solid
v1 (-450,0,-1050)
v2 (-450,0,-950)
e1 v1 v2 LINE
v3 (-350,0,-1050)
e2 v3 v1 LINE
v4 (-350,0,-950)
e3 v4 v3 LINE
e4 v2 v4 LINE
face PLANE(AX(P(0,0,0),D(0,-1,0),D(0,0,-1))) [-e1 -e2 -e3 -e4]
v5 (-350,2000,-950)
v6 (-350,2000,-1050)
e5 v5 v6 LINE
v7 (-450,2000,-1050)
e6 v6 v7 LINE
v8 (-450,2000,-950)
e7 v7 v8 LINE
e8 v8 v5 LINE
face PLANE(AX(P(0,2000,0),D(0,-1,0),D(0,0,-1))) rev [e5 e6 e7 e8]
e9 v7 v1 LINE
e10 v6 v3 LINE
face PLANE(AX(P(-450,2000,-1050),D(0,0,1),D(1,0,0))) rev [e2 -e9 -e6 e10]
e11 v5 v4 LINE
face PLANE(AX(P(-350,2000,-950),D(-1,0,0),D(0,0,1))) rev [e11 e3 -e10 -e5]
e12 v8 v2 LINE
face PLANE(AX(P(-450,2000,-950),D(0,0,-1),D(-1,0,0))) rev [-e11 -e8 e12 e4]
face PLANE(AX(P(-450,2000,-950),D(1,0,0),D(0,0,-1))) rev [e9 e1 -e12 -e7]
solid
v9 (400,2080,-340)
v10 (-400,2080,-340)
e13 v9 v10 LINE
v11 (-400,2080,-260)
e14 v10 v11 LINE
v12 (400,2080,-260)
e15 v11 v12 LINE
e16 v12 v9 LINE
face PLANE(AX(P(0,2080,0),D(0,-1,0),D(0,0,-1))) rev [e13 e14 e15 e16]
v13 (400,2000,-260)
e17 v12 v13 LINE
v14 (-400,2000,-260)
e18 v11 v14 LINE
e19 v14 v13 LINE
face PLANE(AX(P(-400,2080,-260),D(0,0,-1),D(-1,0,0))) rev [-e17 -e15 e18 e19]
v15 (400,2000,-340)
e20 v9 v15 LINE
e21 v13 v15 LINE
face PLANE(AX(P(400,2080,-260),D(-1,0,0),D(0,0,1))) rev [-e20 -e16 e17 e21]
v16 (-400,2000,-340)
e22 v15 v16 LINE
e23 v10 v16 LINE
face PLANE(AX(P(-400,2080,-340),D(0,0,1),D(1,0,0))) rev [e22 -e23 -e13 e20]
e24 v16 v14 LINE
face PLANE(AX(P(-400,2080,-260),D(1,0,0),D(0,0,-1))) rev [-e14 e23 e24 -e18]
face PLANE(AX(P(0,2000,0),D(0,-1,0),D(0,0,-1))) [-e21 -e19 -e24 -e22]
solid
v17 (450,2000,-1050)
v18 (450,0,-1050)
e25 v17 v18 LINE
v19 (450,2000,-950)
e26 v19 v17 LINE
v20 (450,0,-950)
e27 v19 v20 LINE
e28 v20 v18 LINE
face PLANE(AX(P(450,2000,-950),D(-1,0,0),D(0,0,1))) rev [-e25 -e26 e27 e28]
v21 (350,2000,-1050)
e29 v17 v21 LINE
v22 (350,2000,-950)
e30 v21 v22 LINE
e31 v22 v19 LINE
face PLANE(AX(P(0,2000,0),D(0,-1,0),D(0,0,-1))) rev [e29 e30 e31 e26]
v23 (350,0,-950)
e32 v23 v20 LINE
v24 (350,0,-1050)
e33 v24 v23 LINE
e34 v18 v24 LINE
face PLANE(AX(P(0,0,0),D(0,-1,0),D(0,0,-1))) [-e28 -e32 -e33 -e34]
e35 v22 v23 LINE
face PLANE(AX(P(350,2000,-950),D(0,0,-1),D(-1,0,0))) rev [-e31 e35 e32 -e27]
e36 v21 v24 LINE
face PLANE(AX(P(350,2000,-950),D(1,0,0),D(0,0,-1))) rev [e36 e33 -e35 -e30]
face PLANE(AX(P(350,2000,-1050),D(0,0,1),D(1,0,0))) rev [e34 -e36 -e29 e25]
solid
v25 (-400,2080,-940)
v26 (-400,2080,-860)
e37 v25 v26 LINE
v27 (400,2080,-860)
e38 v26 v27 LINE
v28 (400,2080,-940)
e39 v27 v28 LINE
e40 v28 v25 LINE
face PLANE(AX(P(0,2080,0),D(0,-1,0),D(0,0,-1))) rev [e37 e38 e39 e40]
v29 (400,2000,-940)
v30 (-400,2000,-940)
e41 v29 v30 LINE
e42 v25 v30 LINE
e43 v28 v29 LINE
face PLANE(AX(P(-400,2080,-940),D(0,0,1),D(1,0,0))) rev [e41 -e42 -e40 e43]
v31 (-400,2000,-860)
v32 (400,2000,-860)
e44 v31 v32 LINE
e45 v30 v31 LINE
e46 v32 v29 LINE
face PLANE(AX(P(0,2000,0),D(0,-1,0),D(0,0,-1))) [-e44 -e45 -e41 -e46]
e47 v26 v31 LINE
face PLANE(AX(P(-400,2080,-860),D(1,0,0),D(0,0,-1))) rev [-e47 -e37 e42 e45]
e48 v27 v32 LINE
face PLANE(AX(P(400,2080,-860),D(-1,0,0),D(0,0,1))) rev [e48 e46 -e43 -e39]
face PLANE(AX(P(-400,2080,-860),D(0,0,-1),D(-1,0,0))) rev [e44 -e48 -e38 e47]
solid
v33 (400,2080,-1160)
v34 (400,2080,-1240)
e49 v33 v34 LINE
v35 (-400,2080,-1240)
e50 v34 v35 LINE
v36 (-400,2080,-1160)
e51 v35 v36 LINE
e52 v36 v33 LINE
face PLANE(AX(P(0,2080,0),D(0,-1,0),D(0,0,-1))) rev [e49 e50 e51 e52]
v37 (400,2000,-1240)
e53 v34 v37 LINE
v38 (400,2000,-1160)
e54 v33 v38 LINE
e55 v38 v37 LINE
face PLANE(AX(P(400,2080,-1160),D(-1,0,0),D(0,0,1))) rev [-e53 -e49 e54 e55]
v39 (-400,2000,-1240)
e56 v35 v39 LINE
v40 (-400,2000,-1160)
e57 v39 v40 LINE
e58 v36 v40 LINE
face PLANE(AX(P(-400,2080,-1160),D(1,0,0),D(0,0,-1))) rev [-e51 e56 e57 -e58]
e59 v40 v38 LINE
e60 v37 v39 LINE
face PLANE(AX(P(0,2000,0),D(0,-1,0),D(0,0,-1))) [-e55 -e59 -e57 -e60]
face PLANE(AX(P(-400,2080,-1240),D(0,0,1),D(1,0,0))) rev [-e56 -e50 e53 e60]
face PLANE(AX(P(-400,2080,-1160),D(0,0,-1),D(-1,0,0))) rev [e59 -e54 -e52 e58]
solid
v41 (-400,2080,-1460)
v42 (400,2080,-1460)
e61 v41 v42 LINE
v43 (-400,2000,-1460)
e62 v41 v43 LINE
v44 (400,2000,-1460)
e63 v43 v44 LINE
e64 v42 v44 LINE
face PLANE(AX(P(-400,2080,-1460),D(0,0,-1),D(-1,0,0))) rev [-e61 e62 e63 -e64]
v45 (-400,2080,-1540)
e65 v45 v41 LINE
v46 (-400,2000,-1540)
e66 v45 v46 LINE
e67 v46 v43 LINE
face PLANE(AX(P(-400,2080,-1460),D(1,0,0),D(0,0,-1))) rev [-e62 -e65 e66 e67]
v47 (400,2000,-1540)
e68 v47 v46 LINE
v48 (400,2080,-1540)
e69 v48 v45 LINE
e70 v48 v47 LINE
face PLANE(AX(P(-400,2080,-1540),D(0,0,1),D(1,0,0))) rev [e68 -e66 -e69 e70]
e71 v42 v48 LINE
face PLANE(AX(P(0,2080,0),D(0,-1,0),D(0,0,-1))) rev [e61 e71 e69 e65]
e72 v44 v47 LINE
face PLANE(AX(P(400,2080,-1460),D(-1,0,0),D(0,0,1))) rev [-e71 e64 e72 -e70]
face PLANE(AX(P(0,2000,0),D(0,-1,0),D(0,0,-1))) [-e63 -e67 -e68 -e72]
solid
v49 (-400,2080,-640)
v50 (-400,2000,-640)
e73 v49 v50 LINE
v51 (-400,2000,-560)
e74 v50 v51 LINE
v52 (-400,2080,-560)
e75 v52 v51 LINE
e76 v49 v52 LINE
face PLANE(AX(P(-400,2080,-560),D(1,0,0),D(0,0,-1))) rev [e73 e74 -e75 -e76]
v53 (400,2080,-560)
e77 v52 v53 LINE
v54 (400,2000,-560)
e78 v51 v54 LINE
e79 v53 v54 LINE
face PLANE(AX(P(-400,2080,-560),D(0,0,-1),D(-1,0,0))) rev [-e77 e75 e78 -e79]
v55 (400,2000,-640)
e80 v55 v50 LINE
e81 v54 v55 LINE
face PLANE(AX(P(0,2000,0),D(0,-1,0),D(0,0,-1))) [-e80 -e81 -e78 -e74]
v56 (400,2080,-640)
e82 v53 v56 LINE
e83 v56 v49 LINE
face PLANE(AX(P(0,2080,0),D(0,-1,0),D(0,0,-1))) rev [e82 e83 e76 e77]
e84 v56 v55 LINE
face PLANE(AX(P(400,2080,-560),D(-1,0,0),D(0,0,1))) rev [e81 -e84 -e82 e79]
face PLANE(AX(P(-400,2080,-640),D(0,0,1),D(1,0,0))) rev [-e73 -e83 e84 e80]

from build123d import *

# Parameters (mm, degrees)
SKETCH_1_W      = 100
SKETCH_1_H      = 100
EXTRUDE_1_DEPTH = 2000
SKETCH_2_W      = 100
SKETCH_2_H      = 100
EXTRUDE_2_DEPTH = 2000
SKETCH_3_W      = 800
SKETCH_3_H      = 80
EXTRUDE_3_DEPTH = 80
SKETCH_4_W      = 800
SKETCH_4_H      = 80
EXTRUDE_4_DEPTH = 80
SKETCH_5_W      = 800
SKETCH_5_H      = 80
EXTRUDE_5_DEPTH = 80
SKETCH_6_W      = 800
SKETCH_6_H      = 80
EXTRUDE_6_DEPTH = 80
SKETCH_7_W      = 800
SKETCH_7_H      = 80
EXTRUDE_7_DEPTH = 80


with BuildPart() as part:
    # 草图1 → 凸台-拉伸1 (new body)
    with BuildSketch(Plane(origin=(0, 0, 0), x_dir=(1, 0, 0), z_dir=(0, 1, 0))):
        with Locations((-400, 1000)):
            Rectangle(SKETCH_1_W, SKETCH_1_H)
    extrude(amount=EXTRUDE_1_DEPTH)


with BuildPart() as body_2:
    # 草图2 → 凸台-拉伸2 (new body)
    with BuildSketch(Plane(origin=(0, 0, 0), x_dir=(1, 0, 0), z_dir=(0, 1, 0))):
        with Locations((400, 1000)):
            Rectangle(SKETCH_2_W, SKETCH_2_H)
    extrude(amount=EXTRUDE_2_DEPTH)


with BuildPart() as body_3:
    # 草图3 → 凸台-拉伸3 (new body)
    with BuildSketch(Plane(origin=(0, 2000, 0), x_dir=(1, 0, 0), z_dir=(0, 1, 0))):
        with Locations((0, 300)):
            Rectangle(SKETCH_3_W, SKETCH_3_H)
    extrude(amount=EXTRUDE_3_DEPTH)


with BuildPart() as body_4:
    # 草图4 → 凸台-拉伸4 (new body)
    with BuildSketch(Plane(origin=(0, 2000, 0), x_dir=(1, 0, 0), z_dir=(0, 1, 0))):
        with Locations((0, 600)):
            Rectangle(SKETCH_4_W, SKETCH_4_H)
    extrude(amount=EXTRUDE_4_DEPTH)


with BuildPart() as body_5:
    # 草图5 → 凸台-拉伸5 (new body)
    with BuildSketch(Plane(origin=(0, 2000, 0), x_dir=(1, 0, 0), z_dir=(0, 1, 0))):
        with Locations((0, 900)):
            Rectangle(SKETCH_5_W, SKETCH_5_H)
    extrude(amount=EXTRUDE_5_DEPTH)


with BuildPart() as body_6:
    # 草图6 → 凸台-拉伸6 (new body)
    with BuildSketch(Plane(origin=(0, 2000, 0), x_dir=(1, 0, 0), z_dir=(0, 1, 0))):
        with Locations((0, 1200)):
            Rectangle(SKETCH_6_W, SKETCH_6_H)
    extrude(amount=EXTRUDE_6_DEPTH)


with BuildPart() as body_7:
    # 草图7 → 凸台-拉伸7 (new body)
    with BuildSketch(Plane(origin=(0, 2000, 0), x_dir=(1, 0, 0), z_dir=(0, 1, 0))):
        with Locations((0, 1500)):
            Rectangle(SKETCH_7_W, SKETCH_7_H)
    extrude(amount=EXTRUDE_7_DEPTH)


solid = Compound([part.part, body_2.part, body_3.part, body_4.part, body_5.part, body_6.part, body_7.part])
